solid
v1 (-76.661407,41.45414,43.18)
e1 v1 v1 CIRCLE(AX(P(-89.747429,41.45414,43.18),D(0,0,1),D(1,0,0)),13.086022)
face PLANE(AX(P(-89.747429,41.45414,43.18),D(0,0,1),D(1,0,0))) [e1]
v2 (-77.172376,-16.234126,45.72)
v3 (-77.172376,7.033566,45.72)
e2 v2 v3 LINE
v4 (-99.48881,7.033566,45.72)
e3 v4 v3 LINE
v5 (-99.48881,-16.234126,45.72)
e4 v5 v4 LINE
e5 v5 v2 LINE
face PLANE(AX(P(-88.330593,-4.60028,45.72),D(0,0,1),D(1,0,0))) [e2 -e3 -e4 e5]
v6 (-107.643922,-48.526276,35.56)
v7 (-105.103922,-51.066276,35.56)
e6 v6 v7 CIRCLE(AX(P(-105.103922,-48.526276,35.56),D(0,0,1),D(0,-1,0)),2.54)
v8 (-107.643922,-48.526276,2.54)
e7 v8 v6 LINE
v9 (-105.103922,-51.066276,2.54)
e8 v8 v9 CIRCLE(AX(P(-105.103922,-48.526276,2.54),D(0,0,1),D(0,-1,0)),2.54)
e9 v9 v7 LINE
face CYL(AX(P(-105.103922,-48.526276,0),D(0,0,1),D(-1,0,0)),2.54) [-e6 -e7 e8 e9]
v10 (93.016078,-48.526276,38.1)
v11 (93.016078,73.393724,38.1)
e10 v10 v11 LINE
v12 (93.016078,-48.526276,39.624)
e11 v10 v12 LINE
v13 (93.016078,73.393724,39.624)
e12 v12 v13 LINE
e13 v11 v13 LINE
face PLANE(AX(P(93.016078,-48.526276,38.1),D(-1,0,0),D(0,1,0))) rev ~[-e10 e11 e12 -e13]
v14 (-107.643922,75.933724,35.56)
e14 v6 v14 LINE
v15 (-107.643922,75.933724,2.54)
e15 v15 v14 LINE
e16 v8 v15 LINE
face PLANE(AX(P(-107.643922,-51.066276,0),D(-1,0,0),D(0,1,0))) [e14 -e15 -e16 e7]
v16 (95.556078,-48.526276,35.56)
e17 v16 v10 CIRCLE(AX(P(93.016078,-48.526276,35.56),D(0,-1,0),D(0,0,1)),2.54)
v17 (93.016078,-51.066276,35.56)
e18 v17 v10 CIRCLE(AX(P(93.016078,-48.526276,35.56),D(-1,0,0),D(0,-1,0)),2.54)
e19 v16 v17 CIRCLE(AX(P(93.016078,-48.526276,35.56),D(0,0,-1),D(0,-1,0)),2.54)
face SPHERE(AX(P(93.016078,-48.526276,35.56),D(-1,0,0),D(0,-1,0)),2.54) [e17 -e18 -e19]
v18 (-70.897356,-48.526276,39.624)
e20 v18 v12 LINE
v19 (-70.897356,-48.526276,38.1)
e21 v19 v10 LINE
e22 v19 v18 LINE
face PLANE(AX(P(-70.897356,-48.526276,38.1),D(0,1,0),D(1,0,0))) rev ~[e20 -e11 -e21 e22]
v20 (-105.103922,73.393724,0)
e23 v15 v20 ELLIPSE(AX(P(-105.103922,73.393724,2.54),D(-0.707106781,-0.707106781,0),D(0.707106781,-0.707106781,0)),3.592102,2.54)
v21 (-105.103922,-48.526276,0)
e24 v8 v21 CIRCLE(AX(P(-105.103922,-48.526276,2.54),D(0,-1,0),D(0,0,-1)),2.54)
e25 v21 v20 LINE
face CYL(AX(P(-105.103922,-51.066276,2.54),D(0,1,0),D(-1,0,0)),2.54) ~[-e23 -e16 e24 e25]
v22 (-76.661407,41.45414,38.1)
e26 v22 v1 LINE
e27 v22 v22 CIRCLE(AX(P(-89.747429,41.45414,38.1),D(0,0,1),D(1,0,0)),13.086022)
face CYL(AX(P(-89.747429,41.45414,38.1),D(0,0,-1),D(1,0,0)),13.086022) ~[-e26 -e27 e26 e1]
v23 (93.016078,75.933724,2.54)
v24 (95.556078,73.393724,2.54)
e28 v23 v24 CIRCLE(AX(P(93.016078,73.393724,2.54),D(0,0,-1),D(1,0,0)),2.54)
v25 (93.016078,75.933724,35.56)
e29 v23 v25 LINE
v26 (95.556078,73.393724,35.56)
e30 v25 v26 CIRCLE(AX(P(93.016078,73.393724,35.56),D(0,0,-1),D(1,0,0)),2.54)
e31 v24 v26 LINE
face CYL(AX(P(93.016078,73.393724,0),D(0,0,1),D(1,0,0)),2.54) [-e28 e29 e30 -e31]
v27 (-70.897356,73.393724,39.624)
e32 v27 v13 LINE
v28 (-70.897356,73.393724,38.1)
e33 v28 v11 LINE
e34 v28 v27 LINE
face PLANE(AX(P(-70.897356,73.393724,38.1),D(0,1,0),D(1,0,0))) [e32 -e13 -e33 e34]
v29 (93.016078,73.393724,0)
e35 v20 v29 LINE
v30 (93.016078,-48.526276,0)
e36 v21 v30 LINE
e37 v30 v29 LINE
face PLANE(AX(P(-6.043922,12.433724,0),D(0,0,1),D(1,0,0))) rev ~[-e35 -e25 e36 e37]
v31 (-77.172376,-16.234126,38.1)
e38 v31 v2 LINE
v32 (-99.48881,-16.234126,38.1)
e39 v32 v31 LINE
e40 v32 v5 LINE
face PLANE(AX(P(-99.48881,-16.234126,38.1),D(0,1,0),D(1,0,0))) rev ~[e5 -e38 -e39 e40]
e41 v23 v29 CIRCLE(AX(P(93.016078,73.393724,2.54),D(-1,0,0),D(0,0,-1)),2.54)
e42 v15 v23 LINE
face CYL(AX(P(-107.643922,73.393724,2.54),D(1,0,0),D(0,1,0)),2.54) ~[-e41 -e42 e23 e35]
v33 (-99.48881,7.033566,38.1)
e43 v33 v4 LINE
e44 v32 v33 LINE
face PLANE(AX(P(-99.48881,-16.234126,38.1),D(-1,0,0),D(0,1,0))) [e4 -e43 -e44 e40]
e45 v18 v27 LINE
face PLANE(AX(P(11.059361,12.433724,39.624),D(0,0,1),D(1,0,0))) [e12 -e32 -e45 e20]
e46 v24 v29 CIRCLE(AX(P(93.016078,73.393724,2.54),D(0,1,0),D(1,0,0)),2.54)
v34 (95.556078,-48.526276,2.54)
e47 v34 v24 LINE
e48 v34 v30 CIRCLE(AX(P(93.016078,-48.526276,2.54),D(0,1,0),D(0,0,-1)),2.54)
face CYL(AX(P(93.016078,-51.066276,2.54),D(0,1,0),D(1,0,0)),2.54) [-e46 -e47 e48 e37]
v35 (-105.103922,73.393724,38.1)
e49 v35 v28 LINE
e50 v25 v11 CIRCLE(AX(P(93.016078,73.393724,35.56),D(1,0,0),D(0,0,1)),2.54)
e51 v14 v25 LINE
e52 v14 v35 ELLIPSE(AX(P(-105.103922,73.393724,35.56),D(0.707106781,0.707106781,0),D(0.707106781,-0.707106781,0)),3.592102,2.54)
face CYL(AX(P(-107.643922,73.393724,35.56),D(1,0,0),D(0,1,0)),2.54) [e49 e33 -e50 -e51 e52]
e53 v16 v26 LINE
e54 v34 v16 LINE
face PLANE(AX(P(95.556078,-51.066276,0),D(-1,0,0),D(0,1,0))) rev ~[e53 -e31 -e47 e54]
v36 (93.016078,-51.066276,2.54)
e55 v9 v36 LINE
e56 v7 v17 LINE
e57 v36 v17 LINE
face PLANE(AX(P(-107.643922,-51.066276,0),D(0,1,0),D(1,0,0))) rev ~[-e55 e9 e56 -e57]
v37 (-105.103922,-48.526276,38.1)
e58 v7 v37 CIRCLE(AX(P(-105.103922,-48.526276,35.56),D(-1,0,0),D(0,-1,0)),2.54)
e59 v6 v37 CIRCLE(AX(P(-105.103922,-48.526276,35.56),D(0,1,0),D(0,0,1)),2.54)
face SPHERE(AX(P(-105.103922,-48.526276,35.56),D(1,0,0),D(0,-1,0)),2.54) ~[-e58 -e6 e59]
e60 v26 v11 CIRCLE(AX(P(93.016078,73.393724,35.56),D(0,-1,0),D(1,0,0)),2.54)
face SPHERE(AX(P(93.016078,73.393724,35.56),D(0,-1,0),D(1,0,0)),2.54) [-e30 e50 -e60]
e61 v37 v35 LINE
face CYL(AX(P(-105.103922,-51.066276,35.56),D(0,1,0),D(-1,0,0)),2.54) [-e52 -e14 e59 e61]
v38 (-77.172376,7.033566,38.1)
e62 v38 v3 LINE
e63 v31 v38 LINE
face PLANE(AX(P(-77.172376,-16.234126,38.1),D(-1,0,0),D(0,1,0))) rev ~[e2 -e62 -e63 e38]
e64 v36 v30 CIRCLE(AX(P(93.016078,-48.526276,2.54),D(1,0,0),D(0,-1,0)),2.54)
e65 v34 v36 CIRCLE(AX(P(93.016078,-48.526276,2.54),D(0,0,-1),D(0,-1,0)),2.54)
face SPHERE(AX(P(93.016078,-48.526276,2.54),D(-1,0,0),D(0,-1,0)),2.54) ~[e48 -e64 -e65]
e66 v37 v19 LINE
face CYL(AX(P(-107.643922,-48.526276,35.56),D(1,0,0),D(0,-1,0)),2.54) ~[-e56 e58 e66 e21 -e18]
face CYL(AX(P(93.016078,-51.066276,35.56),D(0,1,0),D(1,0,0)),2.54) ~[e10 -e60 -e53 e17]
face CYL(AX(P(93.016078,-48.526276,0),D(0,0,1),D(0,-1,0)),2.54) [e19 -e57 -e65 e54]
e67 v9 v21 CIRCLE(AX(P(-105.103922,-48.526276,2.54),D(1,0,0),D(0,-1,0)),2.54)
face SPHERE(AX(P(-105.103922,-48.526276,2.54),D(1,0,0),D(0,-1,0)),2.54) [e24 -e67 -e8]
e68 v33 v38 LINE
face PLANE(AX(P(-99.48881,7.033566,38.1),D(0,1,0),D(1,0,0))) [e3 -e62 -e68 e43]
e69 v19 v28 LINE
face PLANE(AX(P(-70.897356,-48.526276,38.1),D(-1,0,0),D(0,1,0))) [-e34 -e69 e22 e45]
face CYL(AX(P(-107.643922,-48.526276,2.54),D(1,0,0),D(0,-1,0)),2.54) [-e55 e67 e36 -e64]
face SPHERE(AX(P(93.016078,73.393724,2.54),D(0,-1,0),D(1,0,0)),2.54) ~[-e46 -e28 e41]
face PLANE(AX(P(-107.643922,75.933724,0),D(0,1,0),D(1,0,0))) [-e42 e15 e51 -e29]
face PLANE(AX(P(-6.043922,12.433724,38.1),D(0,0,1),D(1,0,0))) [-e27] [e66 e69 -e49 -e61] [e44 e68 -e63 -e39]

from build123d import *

# Parameters (mm, degrees)
F0_W     = 203.2
F0_H     = 127
F1_DEPTH = 38.1
F2_R     = 2.54
F3_R     = 13.086022
F4_DEPTH = 5.08
F5_W     = 22.316434
F5_H     = 23.267692
F6_DEPTH = 7.62
F7_W     = 163.913434
F7_H     = 121.92
F8_DEPTH = 1.524


with BuildPart() as f1:
    # F0 (on Top) → F1 (new body)
    with BuildSketch(Plane.XY):
        with Locations((-6.043922, 12.433724)):
            Rectangle(F0_W, F0_H)
    extrude(amount=F1_DEPTH)

    # F2
    f2_edges = [f1.edges().sort_by_distance(p)[0] for p in [
        (-6.043922, -51.066276, 0),
        (-6.043922, -51.066276, 38.1),
        (-107.643922, -51.066276, 19.05),
        (95.556078, -51.066276, 19.05),
        (95.556078, 12.433724, 38.1),
        (95.556078, 12.433724, 0),
        (95.556078, 75.933724, 19.05),
        (-6.043922, 75.933724, 38.1),
        (-107.643922, 12.433724, 38.1),
        (-6.043922, 75.933724, 0),
        (-107.643922, 12.433724, 0),
    ]]
    fillet(f2_edges, radius=F2_R)

    # F3 (on face) → F4 (join)
    with BuildSketch(Plane.XY.offset(38.1)):
        with Locations((-89.747429, 41.45414)):
            Circle(F3_R)
    extrude(amount=F4_DEPTH)

    # F5 (on face) → F6 (join)
    with BuildSketch(Plane.XY.offset(38.1)):
        with Locations((-88.330593, -4.60028)):
            Rectangle(F5_W, F5_H)
    extrude(amount=F6_DEPTH)

    # F7 (on face) → F8 (join)
    with BuildSketch(Plane.XY.offset(38.1)):
        with Locations((11.059361, 12.433724)):
            Rectangle(F7_W, F7_H)
    extrude(amount=F8_DEPTH)


solid = f1.part
